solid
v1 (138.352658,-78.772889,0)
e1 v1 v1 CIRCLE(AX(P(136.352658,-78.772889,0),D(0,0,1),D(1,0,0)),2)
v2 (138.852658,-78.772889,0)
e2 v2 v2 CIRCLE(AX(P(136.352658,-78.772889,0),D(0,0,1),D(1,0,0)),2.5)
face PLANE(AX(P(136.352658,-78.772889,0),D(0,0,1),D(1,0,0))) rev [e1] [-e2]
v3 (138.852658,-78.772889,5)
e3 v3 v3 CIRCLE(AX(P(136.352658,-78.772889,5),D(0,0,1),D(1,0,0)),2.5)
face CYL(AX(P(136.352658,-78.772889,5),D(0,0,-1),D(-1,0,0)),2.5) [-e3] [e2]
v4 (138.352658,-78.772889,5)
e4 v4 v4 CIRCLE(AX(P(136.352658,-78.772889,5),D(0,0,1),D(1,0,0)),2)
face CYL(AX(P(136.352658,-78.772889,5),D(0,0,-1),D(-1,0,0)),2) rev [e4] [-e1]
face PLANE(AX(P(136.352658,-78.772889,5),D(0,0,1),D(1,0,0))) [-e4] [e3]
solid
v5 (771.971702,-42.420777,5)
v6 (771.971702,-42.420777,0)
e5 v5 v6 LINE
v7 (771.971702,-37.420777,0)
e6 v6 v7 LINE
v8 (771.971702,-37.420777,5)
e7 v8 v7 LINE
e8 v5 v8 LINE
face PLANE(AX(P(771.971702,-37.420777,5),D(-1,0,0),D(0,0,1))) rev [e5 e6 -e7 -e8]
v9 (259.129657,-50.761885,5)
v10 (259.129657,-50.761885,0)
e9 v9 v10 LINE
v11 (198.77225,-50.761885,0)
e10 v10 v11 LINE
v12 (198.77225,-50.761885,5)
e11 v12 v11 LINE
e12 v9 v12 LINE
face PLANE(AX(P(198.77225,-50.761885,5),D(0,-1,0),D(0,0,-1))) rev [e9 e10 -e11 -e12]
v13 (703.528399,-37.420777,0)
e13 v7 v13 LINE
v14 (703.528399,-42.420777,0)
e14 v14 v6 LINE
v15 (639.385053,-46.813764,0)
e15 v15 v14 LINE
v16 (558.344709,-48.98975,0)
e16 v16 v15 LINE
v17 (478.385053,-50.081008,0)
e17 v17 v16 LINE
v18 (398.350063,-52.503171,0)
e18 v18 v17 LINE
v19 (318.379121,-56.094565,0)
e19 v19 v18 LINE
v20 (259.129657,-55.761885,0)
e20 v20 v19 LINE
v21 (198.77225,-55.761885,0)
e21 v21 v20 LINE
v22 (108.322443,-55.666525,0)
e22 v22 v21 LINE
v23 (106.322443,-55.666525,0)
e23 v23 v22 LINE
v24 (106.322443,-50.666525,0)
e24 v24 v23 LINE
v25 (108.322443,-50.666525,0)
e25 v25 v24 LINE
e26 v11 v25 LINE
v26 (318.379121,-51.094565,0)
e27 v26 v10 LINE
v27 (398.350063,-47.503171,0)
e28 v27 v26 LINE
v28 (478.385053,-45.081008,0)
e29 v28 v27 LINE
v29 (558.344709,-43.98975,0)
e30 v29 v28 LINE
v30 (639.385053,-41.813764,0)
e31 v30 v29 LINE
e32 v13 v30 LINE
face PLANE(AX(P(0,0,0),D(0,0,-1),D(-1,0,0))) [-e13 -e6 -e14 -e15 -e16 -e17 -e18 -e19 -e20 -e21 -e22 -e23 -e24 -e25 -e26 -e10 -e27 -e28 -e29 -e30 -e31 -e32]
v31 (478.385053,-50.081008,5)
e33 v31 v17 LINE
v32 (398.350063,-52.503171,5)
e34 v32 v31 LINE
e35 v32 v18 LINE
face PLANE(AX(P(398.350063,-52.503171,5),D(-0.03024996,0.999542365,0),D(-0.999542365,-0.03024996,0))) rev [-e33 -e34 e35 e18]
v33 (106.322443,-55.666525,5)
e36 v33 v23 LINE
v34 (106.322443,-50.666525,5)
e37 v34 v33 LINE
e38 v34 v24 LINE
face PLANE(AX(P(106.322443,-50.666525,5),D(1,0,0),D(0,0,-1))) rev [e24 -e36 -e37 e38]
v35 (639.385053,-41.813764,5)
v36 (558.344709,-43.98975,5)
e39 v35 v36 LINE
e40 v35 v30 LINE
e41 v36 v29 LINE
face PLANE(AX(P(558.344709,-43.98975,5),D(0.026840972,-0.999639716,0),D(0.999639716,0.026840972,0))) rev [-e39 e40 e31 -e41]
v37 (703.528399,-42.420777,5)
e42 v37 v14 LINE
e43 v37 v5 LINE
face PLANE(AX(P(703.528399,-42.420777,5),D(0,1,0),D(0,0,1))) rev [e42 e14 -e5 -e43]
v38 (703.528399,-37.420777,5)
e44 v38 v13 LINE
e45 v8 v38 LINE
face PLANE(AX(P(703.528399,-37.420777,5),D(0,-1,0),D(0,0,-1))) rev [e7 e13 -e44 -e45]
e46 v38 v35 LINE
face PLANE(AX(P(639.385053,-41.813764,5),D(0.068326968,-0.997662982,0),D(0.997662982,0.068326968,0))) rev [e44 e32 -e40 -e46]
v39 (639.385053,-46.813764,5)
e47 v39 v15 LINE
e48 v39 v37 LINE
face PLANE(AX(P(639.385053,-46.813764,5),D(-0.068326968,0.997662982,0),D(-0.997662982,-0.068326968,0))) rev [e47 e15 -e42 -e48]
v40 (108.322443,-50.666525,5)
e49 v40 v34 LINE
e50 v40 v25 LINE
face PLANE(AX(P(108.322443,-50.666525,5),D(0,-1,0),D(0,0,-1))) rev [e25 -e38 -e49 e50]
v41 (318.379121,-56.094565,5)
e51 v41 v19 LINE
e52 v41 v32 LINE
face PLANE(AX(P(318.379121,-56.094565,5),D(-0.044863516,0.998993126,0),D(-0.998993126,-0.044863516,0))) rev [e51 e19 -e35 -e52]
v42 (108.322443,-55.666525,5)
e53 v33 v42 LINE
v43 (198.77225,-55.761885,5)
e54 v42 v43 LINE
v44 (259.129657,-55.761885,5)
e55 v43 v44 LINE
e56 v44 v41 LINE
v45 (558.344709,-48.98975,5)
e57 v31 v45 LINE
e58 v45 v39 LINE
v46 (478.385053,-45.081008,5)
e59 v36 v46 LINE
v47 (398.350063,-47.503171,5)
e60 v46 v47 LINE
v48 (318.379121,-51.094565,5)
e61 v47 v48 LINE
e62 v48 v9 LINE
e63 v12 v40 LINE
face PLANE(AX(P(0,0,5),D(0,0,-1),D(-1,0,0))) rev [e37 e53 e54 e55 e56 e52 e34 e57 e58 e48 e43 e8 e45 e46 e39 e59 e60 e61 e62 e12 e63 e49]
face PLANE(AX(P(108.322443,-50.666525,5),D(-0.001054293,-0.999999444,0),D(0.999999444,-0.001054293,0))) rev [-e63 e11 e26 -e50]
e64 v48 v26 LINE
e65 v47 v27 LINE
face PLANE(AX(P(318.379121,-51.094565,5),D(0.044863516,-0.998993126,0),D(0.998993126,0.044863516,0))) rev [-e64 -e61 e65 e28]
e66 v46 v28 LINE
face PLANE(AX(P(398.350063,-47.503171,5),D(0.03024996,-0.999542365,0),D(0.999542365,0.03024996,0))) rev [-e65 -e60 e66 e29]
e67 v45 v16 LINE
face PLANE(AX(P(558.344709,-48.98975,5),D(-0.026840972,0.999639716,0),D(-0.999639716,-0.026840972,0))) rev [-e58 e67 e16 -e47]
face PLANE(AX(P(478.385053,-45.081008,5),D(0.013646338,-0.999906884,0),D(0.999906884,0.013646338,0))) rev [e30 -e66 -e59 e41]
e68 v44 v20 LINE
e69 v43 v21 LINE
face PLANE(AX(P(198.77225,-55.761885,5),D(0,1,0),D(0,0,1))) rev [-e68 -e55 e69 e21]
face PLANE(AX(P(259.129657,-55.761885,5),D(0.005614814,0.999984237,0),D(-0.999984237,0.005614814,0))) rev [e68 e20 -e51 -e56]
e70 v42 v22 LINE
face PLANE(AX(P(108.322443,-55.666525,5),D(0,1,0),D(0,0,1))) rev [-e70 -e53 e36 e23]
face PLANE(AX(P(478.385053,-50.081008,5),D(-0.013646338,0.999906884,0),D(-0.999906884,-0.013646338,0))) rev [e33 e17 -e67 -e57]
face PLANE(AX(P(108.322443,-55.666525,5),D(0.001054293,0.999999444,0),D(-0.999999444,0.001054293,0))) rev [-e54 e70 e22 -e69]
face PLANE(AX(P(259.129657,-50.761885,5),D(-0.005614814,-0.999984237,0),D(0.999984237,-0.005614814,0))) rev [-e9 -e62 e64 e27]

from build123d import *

# Parameters (mm, degrees)
MODEL_R           = 2.5
MODEL_R_2         = 2
EXTRUDE_1_DEPTH   = 5
EXTRUDE_1_2_DEPTH = 5


with BuildPart() as part:
    # Model → 凸台-拉伸1 (new body)
    with BuildSketch(Plane.XY):
        with Locations((136.352657781, -78.772888915)):
            Circle(MODEL_R)
        with Locations((136.352657781, -78.772888915)):
            Circle(MODEL_R_2, mode=Mode.SUBTRACT)
    extrude(amount=EXTRUDE_1_DEPTH)


with BuildPart() as body_2:
    # Model → Extrude 1 2 (new body)
    with BuildSketch(Plane.XY):
        Polygon((639.385053073, -46.813763988), (703.528398771, -42.42077719), (771.971701744, -42.42077719), (771.971701744, -37.42077719), (703.528398771, -37.42077719), (639.385053073, -41.813763988), (558.344709294, -43.989749553), (478.385053073, -45.081007644), (398.350063341, -47.503171379), (318.379120522, -51.094565155), (259.129657458, -50.761885212), (198.772250415, -50.761885212), (108.322443372, -50.666524546), (106.322443372, -50.666524546), (106.322443372, -55.666524546), (108.322443372, -55.666524546), (198.772250415, -55.761885212), (259.129657458, -55.761885212), (318.379120522, -56.094565155), (398.350063341, -52.503171379), (478.385053073, -50.081007644), (558.344709294, -48.989749553), align=None)
    extrude(amount=EXTRUDE_1_2_DEPTH)


solid = Compound([part.part, body_2.part])
